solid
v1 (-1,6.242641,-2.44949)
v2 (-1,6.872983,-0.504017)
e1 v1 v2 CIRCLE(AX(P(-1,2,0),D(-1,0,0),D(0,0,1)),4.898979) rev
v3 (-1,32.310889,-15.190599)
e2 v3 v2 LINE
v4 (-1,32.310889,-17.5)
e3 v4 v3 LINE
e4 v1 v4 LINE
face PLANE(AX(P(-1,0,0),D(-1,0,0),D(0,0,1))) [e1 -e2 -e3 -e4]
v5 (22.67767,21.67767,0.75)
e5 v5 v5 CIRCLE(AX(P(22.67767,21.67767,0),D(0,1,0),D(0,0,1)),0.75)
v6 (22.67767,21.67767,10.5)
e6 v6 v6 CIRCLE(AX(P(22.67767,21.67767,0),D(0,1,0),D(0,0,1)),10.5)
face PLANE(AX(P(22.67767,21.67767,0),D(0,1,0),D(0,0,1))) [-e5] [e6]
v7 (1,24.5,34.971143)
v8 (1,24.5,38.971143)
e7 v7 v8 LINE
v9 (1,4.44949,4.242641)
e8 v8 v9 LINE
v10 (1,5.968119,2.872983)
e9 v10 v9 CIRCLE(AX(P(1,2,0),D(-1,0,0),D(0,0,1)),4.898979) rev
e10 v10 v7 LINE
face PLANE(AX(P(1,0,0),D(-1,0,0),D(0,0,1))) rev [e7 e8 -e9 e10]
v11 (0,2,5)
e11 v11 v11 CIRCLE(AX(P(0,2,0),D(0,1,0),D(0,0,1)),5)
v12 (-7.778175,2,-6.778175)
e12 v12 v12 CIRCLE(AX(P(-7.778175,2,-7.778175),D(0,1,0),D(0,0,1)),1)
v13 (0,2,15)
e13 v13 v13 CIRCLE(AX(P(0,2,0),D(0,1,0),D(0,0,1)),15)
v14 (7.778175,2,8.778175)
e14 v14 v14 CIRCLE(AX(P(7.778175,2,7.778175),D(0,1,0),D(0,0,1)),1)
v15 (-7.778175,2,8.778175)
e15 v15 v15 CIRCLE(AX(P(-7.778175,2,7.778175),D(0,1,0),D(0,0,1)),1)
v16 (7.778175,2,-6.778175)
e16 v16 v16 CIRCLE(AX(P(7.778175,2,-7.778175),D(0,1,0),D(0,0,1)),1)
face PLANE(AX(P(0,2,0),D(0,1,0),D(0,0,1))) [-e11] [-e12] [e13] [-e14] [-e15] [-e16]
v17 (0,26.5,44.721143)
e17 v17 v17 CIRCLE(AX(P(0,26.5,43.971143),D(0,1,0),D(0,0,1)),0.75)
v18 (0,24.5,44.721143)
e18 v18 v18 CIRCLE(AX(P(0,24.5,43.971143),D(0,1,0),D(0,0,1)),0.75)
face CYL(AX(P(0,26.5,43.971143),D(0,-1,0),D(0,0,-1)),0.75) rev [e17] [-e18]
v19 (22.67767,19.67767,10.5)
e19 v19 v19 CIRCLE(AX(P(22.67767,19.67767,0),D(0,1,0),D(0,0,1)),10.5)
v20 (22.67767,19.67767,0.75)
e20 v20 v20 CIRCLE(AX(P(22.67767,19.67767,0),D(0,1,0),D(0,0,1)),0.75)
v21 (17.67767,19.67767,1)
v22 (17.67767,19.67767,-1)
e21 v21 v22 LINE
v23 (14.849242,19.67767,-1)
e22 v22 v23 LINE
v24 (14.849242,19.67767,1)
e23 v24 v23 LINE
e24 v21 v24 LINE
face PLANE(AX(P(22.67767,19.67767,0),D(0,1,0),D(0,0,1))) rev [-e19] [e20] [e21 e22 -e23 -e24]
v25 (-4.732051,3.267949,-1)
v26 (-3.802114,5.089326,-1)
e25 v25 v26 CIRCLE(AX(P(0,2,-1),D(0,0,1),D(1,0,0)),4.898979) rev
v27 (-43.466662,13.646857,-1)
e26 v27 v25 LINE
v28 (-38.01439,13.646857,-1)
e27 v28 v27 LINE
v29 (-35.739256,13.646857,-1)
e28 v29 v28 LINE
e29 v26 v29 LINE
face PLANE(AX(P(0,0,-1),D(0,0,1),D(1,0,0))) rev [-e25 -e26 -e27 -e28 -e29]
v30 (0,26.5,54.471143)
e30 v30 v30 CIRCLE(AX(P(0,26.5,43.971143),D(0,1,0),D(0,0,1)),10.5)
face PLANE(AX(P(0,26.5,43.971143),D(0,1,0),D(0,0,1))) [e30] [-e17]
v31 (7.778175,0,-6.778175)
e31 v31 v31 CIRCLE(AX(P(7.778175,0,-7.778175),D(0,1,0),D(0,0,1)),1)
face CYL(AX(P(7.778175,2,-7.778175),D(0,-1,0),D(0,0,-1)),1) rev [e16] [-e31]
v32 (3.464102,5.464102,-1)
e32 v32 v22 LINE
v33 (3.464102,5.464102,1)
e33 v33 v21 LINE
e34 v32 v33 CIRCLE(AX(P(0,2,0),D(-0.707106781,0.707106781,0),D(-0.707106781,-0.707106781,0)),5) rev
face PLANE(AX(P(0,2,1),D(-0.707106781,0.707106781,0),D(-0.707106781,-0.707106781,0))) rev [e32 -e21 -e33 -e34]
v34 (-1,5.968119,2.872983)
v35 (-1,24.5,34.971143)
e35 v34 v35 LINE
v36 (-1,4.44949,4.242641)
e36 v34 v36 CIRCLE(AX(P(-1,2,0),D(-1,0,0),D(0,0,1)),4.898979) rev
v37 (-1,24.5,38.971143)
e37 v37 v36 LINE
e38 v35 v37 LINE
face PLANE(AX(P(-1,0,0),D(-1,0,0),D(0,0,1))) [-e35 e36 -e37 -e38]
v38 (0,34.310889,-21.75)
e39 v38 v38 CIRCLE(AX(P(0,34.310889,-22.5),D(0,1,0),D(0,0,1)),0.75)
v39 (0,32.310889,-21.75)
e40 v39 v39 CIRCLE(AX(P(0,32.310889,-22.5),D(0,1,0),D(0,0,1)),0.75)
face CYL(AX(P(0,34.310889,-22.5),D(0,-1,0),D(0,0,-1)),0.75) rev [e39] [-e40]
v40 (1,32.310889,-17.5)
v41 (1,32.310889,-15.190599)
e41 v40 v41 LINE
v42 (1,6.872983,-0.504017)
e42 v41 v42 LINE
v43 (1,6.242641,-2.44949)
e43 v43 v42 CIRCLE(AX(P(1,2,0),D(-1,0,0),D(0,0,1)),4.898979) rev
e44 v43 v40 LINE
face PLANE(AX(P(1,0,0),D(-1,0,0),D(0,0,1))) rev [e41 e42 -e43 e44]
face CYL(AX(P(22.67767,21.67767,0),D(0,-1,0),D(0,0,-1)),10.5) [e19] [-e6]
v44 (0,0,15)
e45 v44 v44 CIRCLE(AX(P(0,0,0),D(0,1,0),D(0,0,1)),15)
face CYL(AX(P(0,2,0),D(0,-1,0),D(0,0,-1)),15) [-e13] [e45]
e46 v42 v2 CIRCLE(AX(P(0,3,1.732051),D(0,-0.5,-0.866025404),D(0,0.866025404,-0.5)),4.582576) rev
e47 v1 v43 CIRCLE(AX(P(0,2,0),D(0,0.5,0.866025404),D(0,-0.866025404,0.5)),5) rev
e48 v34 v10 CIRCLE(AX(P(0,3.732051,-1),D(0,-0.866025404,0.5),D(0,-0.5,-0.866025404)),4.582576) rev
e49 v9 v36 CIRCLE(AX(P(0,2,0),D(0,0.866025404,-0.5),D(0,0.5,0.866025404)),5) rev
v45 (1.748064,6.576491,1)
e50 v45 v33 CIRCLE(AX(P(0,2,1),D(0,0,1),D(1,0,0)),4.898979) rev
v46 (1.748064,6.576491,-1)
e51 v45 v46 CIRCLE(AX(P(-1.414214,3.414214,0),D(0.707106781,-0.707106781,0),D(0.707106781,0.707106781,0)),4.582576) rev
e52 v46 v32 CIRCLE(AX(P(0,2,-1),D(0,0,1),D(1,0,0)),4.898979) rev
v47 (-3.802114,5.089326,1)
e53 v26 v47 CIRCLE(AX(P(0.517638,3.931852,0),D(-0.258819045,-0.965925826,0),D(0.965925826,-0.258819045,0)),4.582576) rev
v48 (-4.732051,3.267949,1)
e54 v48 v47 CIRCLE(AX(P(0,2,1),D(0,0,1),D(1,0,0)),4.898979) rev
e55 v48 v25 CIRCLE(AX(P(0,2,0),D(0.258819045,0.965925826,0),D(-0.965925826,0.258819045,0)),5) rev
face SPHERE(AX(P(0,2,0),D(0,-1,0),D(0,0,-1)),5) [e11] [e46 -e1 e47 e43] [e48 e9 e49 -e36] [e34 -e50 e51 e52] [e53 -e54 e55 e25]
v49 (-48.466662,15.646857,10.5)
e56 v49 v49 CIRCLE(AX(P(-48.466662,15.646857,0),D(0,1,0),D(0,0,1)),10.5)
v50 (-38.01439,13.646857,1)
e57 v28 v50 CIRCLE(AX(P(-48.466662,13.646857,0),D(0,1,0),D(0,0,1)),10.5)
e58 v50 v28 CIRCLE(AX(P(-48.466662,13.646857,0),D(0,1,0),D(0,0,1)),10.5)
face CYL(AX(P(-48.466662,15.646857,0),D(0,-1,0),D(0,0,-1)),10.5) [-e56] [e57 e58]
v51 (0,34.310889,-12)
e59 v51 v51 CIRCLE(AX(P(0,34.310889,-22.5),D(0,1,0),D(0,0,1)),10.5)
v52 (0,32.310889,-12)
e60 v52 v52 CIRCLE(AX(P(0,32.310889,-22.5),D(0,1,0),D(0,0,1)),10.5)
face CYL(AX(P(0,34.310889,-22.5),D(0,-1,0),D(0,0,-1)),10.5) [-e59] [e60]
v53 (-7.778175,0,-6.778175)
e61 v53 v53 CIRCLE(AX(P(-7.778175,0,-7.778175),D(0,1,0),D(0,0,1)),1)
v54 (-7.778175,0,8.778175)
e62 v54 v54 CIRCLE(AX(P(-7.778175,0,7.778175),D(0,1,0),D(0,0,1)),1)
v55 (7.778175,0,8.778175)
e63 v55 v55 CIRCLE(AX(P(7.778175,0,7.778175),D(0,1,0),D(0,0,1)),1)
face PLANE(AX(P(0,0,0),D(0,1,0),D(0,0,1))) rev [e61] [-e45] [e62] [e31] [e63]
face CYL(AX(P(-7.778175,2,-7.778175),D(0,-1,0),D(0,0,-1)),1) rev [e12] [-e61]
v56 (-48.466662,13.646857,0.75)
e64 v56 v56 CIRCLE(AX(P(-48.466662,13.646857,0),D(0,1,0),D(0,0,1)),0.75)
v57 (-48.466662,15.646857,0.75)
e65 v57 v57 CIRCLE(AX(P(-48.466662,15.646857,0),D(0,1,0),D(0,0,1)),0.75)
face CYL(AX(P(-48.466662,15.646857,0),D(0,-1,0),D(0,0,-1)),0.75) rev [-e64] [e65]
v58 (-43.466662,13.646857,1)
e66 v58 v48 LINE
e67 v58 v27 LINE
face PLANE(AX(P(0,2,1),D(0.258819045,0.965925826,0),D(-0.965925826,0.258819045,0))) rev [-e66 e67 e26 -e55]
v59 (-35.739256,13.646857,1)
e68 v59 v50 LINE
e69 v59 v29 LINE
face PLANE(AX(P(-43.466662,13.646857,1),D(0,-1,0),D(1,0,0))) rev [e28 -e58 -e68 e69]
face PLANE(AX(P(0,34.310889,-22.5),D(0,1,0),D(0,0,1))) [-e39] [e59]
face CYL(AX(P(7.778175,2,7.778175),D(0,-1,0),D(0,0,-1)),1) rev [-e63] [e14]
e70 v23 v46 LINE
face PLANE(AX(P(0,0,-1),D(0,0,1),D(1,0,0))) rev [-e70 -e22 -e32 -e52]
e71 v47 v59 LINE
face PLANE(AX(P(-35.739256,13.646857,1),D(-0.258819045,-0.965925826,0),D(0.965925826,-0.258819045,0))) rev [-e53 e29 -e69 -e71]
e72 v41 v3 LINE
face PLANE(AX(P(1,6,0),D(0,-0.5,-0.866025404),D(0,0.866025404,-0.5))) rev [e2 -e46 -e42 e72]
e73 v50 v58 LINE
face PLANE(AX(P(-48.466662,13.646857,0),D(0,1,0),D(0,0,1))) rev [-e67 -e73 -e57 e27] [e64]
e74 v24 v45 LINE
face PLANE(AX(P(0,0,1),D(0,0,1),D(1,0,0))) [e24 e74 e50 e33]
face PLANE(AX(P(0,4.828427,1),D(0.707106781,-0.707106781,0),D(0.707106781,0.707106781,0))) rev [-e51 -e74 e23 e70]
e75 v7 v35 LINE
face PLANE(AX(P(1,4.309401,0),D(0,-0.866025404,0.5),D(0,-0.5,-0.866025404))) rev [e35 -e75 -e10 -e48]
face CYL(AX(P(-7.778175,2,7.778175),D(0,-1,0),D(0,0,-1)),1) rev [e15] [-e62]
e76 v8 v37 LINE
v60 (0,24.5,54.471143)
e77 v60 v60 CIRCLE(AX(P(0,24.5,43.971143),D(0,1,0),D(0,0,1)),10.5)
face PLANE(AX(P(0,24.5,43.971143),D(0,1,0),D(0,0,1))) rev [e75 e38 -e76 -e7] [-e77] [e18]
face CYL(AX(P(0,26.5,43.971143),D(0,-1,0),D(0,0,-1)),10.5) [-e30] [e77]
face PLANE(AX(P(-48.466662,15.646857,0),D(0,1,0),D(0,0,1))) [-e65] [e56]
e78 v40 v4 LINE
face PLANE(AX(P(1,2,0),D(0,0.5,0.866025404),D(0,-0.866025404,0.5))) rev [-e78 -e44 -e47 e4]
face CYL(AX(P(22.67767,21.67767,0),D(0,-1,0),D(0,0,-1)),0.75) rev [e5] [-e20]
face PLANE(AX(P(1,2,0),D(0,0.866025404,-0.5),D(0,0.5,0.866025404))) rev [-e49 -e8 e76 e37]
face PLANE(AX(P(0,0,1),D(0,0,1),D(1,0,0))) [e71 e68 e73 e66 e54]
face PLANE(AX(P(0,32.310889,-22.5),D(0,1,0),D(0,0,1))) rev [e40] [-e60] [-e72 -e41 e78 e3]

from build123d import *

# Parameters (mm, degrees)
SKETCH_1_R      = 15
SKETCH_1_R_2    = 1
EXTRUDE_1_DEPTH = 2
EXTRUDE_2_DEPTH = 1
SKETCH_4_R      = 10.5
SKETCH_4_R_2    = 0.75
EXTRUDE_3_DEPTH = 2
SKETCH_5_R      = 10.5
SKETCH_5_R_2    = 0.75
EXTRUDE_4_DEPTH = 2
EXTRUDE_5_DEPTH = 1
SKETCH_7_R      = 10.5
SKETCH_7_R_2    = 0.75
EXTRUDE_6_DEPTH = 2
SKETCH_8_R      = 10.5
SKETCH_8_R_2    = 0.75
EXTRUDE_7_DEPTH = 2


with BuildPart() as part:
    # 草图1 → 凸台-拉伸1 (new body)
    with BuildSketch(Plane(origin=(0, 0, 0), x_dir=(1, 0, 0), z_dir=(0, 1, 0))):
        with Locations(Location((0, 0, 0), (0, 0, 270))):
            Circle(SKETCH_1_R)
        with Locations(Location((7.778174593, 7.778174593, 0), (0, 0, 270))):
            Circle(SKETCH_1_R_2, mode=Mode.SUBTRACT)
        with Locations(Location((-7.778174593, 7.778174593, 0), (0, 0, 270))):
            Circle(SKETCH_1_R_2, mode=Mode.SUBTRACT)
        with Locations(Location((-7.778174593, -7.778174593, 0), (0, 0, 270))):
            Circle(SKETCH_1_R_2, mode=Mode.SUBTRACT)
        with Locations(Location((7.778174593, -7.778174593, 0), (0, 0, 270))):
            Circle(SKETCH_1_R_2, mode=Mode.SUBTRACT)
    extrude(amount=EXTRUDE_1_DEPTH)

    # 草图2 → 旋转1 (revolve)
    with BuildSketch(Plane(origin=(0, 0, 0), x_dir=(0, 0, -1), z_dir=(1, 0, 0))):
        with BuildLine():
            Line((0, 2), (0, 7))
            ThreePointArc((0, 7), (3.535533906, 5.535533906), (5, 2))
            Line((5, 2), (0, 2))
        make_face()
    revolve(axis=Axis((0, 2, 0), (0, 1, 0)))

    # 草图3 → 凸台-拉伸2 (add, symmetric)
    with BuildSketch(Plane.XY):
        Polygon((0, 2), (17.67766953, 19.67766953), (14.849242405, 19.67766953), (0, 4.828427125), (0, 4.070552361), (-35.739255573, 13.64685703), (-43.466662183, 13.64685703), align=None)
    extrude(amount=EXTRUDE_2_DEPTH, both=True)

    # 草图4 → 凸台-拉伸3 (add)
    with BuildSketch(Plane(origin=(0, 19.67766953, 0), x_dir=(1, 0, 0), z_dir=(0, 1, 0))):
        with Locations(Location((22.67766953, 0, 0), (0, 0, 270))):
            Circle(SKETCH_4_R)
        with Locations(Location((22.67766953, 0, 0), (0, 0, 270))):
            Circle(SKETCH_4_R_2, mode=Mode.SUBTRACT)
    extrude(amount=EXTRUDE_3_DEPTH)

    # 草图5 → 凸台-拉伸4 (add)
    with BuildSketch(Plane(origin=(0, 13.64685703, 0), x_dir=(1, 0, 0), z_dir=(0, 1, 0))):
        with Locations(Location((-48.466662183, 0, 0), (0, 0, 5.4650238))):
            Circle(SKETCH_5_R)
        with Locations(Location((-48.466662183, 0, 0), (0, 0, 270))):
            Circle(SKETCH_5_R_2, mode=Mode.SUBTRACT)
    extrude(amount=EXTRUDE_4_DEPTH)

    # 草图6 → 凸台-拉伸5 (add, symmetric)
    with BuildSketch(Plane(origin=(0, 0, 0), x_dir=(0, 0, -1), z_dir=(1, 0, 0))):
        Polygon((0, 2), (17.5, 32.310889132), (15.190598923, 32.310889132), (0, 6), (0, 4.309401077), (-34.97114317, 24.5), (-38.97114317, 24.5), align=None)
    extrude(amount=EXTRUDE_5_DEPTH, both=True)

    # 草图7 → 凸台-拉伸6 (add)
    with BuildSketch(Plane(origin=(0, 32.310889132, 0), x_dir=(1, 0, 0), z_dir=(0, 1, 0))):
        with Locations(Location((0, 22.5, 0), (0, 0, 270))):
            Circle(SKETCH_7_R)
        with Locations(Location((0, 22.5, 0), (0, 0, 270))):
            Circle(SKETCH_7_R_2, mode=Mode.SUBTRACT)
    extrude(amount=EXTRUDE_6_DEPTH)

    # 草图8 → 凸台-拉伸7 (add)
    with BuildSketch(Plane(origin=(0, 24.5, 0), x_dir=(1, 0, 0), z_dir=(0, 1, 0))):
        with Locations(Location((0, -43.97114317, 0), (0, 0, 270))):
            Circle(SKETCH_8_R)
        with Locations(Location((0, -43.97114317, 0), (0, 0, 270))):
            Circle(SKETCH_8_R_2, mode=Mode.SUBTRACT)
    extrude(amount=EXTRUDE_7_DEPTH)


solid = part.part
